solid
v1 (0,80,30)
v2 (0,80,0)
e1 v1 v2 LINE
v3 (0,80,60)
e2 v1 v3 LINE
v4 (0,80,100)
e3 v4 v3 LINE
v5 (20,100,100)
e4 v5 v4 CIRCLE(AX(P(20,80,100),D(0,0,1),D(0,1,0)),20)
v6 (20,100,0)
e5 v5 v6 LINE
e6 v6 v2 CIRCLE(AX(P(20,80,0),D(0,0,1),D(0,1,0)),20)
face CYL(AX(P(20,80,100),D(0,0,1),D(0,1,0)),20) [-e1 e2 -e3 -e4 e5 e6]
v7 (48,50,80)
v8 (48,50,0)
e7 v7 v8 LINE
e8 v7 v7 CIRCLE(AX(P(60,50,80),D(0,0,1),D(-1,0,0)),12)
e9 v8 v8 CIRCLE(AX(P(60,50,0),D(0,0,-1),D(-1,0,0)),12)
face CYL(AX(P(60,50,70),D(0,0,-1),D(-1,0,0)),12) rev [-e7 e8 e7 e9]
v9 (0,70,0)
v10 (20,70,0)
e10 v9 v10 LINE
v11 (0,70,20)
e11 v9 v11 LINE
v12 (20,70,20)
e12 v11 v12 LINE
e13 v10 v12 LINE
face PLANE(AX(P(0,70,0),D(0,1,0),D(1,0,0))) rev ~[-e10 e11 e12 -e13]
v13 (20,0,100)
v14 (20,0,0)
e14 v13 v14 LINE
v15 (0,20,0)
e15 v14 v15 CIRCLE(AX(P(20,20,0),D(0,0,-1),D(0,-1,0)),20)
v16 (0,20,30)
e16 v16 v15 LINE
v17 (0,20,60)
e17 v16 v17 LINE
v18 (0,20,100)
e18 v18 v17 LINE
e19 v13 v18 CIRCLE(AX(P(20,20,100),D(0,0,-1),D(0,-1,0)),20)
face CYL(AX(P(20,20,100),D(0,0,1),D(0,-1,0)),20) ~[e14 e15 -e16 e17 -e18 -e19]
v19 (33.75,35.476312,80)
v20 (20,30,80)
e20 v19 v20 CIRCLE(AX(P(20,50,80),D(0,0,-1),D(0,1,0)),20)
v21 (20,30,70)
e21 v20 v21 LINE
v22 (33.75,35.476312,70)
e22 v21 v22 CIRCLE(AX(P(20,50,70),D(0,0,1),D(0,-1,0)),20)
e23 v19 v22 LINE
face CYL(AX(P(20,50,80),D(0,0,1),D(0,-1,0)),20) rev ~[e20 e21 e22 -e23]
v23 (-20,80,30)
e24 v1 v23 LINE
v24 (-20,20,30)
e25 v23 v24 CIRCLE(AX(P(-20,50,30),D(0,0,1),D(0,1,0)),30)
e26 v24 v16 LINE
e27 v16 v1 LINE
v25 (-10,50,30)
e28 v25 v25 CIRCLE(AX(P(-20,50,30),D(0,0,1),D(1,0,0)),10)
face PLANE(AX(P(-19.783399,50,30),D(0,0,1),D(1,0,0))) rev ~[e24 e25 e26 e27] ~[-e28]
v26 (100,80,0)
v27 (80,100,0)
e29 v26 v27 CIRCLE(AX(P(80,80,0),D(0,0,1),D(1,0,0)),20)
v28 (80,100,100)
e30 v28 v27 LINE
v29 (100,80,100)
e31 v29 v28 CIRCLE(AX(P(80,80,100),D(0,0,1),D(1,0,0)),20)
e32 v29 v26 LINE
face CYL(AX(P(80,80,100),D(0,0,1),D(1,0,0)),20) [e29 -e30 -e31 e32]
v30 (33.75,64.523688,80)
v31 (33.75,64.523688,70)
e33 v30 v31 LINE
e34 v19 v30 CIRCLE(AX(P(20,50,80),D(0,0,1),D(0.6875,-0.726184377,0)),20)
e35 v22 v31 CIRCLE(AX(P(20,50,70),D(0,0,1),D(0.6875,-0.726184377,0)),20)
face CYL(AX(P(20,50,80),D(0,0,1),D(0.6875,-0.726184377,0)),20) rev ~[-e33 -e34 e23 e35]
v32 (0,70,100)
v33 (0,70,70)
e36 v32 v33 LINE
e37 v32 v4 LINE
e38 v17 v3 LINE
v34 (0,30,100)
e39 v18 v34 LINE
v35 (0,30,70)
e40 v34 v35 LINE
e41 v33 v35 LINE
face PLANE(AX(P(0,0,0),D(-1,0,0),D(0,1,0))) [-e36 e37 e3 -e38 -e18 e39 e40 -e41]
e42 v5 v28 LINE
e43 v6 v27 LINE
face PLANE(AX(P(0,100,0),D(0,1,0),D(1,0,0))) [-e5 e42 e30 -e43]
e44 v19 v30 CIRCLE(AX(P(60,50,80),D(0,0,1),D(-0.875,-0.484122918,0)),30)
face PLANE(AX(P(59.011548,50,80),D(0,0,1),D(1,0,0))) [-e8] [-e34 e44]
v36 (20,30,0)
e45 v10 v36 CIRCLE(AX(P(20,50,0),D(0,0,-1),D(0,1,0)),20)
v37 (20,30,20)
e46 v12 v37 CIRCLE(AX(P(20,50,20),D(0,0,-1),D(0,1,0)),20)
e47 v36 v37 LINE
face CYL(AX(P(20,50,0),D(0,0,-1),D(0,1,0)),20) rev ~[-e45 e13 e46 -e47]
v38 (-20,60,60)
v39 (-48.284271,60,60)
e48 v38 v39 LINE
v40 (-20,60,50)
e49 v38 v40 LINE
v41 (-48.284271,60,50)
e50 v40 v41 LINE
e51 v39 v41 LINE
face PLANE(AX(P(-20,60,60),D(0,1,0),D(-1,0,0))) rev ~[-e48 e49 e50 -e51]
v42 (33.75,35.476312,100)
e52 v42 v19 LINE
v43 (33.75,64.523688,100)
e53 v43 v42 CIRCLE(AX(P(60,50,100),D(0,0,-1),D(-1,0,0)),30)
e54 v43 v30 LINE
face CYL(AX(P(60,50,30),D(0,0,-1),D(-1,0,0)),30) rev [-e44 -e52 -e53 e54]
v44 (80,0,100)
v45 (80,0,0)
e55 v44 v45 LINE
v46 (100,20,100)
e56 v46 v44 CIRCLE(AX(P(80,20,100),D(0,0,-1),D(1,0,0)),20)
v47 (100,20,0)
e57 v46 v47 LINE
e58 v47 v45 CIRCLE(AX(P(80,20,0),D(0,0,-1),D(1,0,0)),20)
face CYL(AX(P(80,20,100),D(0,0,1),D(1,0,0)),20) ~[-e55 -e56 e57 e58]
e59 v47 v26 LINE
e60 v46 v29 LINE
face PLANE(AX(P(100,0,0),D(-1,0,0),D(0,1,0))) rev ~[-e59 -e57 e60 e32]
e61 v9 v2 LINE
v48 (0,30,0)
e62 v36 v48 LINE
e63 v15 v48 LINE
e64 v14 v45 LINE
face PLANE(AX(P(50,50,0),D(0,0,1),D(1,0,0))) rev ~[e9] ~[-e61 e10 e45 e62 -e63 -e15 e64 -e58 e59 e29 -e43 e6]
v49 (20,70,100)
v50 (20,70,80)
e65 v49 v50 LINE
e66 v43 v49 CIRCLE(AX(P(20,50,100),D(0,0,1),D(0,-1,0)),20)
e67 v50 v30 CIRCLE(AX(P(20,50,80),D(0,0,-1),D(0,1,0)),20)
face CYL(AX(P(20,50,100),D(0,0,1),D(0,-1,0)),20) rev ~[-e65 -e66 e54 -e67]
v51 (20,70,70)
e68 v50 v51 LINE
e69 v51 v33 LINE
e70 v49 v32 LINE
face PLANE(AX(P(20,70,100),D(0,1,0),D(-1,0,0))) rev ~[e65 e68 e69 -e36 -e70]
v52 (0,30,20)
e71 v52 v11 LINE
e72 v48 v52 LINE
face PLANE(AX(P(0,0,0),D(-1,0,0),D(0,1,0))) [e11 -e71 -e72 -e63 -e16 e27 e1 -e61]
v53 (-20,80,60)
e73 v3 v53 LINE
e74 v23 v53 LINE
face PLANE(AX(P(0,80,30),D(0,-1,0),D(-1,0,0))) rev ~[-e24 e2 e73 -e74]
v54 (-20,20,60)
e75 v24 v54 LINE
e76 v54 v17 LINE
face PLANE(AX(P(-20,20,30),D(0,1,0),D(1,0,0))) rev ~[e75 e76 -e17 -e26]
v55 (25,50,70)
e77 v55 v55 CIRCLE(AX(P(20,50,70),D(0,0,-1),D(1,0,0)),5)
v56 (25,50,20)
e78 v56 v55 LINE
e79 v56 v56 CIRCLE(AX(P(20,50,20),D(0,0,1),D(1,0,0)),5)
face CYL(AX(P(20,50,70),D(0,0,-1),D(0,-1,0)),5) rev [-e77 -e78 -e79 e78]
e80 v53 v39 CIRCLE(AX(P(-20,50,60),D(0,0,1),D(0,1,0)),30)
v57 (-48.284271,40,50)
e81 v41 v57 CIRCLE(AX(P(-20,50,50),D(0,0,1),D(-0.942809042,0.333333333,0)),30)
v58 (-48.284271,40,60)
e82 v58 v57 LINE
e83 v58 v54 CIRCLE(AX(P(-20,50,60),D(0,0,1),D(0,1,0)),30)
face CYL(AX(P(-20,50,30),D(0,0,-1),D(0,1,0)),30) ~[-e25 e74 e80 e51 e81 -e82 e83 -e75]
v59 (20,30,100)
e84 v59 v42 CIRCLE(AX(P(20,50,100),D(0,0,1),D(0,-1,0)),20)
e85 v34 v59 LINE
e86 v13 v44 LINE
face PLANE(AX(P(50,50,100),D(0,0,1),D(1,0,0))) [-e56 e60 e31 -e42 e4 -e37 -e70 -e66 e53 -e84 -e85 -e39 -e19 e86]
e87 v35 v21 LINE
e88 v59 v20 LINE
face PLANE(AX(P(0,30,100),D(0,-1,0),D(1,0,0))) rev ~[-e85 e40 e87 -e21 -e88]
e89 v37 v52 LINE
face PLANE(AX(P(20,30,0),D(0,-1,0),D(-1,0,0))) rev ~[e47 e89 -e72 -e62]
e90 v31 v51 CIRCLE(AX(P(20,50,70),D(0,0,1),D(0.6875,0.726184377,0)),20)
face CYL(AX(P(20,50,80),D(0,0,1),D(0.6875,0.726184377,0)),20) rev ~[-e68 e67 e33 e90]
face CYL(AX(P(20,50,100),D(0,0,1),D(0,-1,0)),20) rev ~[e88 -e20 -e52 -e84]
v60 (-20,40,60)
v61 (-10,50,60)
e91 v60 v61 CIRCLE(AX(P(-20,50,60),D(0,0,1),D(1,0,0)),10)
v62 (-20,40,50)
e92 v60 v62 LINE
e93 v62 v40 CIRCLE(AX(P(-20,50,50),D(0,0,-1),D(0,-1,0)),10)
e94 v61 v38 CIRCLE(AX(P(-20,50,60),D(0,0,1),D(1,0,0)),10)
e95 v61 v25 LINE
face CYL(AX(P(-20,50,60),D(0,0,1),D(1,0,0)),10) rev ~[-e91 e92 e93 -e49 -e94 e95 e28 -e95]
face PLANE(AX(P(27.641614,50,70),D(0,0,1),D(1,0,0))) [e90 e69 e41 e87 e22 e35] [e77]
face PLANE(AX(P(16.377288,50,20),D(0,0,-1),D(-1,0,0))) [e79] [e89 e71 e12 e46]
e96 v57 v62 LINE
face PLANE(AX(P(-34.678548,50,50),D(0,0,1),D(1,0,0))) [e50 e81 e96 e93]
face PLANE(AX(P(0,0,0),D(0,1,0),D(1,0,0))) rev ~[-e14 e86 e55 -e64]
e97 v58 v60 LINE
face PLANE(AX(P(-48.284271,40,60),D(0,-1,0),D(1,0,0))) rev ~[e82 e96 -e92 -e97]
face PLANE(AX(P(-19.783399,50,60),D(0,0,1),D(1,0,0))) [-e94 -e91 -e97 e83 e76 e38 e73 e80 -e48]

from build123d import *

# Parameters (mm, degrees)
SKETCH1_W           = 100
SKETCH1_H           = 100
BOSS_EXTRUDE1_DEPTH = 100
CUT_EXTRUDE1_DEPTH  = 100
SKETCH3_R           = 12
CUT_EXTRUDE2_DEPTH  = 80
SKETCH5_R           = 5
CUT_EXTRUDE3_DEPTH  = 50
BOSS_EXTRUDE2_DEPTH = 30
SKETCH8_R           = 10
CUT_EXTRUDE4_DEPTH  = 30
CUT_EXTRUDE5_DEPTH  = 10
SKETCH10_R          = 30
CUT_EXTRUDE6_DEPTH  = 96
CUT_EXTRUDE7_DEPTH  = 30
BOSS_EXTRUDE5_DEPTH = 10
SKETCH15_R          = 30
SKETCH15_R_2        = 12
BOSS_EXTRUDE6_DEPTH = 40
SKETCH16_R          = 12
BOSS_EXTRUDE7_DEPTH = 10
CUT_EXTRUDE8_DEPTH  = 10
CUT_EXTRUDE9_DEPTH  = 20


with BuildPart() as part:
    # Sketch1 → Boss-Extrude1 (new body)
    with BuildSketch(Plane.XY):
        with Locations((50, 50)):
            Rectangle(SKETCH1_W, SKETCH1_H)
    extrude(amount=BOSS_EXTRUDE1_DEPTH)

    # Sketch2 → Cut-Extrude1 (cut)
    with BuildSketch(Plane.XY.offset(100)):
        with BuildLine():
            Line((0, 80), (0, 100))
            Line((0, 100), (20, 100))
            ThreePointArc((20, 100), (5.857864376, 94.142135624), (0, 80))
        make_face()
        with BuildLine():
            Line((80, 100), (100, 100))
            Line((100, 100), (100, 80))
            ThreePointArc((100, 80), (94.142135624, 94.142135624), (80, 100))
        make_face()
        with BuildLine():
            Line((80, 0), (100, 0))
            Line((100, 0), (100, 20))
            ThreePointArc((100, 20), (94.142135624, 5.857864376), (80, 0))
        make_face()
        with BuildLine():
            Line((0, 20), (0, 0))
            Line((0, 0), (20, 0))
            ThreePointArc((20, 0), (5.857864376, 5.857864376), (0, 20))
        make_face()
    extrude(amount=-CUT_EXTRUDE1_DEPTH, mode=Mode.SUBTRACT)

    # Sketch3 → Cut-Extrude2 (cut)
    with BuildSketch(Plane(origin=(0, 0, 0), x_dir=(-1, 0, 0), z_dir=(0, 0, -1))):
        with Locations((-60, 50)):
            Circle(SKETCH3_R)
    extrude(amount=-CUT_EXTRUDE2_DEPTH, mode=Mode.SUBTRACT)

    # Sketch5 → Cut-Extrude3 (cut)
    with BuildSketch(Plane.XY.offset(20)):
        with Locations((20, 50)):
            Circle(SKETCH5_R)
    extrude(amount=CUT_EXTRUDE3_DEPTH, mode=Mode.SUBTRACT)

    # Sketch7 → Boss-Extrude2 (add)
    with BuildSketch(Plane.XY.offset(30)):
        with BuildLine():
            Line((0, 80), (-20, 80))
            ThreePointArc((-20, 80), (-50, 50), (-20, 20))
            Line((-20, 20), (0, 20))
            Line((0, 20), (0, 80))
        make_face()
    extrude(amount=BOSS_EXTRUDE2_DEPTH)

    # Sketch8 → Cut-Extrude4 (cut)
    with BuildSketch(Plane.XY.offset(60)):
        with Locations((-20, 50)):
            Circle(SKETCH8_R)
    extrude(amount=-CUT_EXTRUDE4_DEPTH, mode=Mode.SUBTRACT)

    # Sketch9 → Cut-Extrude5 (cut)
    with BuildSketch(Plane.XY.offset(60)):
        with BuildLine():
            Line((-20, 60), (-48.284271247, 60))
            ThreePointArc((-48.284271247, 60), (-50, 50), (-48.284271247, 40))
            Line((-48.284271247, 40), (-20, 40))
            ThreePointArc((-20, 40), (-30, 50), (-20, 60))
        make_face()
    extrude(amount=-CUT_EXTRUDE5_DEPTH, mode=Mode.SUBTRACT)

    # Sketch10 → Cut-Extrude6 (cut)
    with BuildSketch(Plane.XY.offset(30)):
        with Locations(Location((60, 50, 0), (0, 0, 180))):
            Circle(SKETCH10_R)
    extrude(amount=CUT_EXTRUDE6_DEPTH, mode=Mode.SUBTRACT)

    # Sketch11 → Cut-Extrude7 (cut)
    with BuildSketch(Plane.XY.offset(100)):
        with BuildLine():
            Line((20, 70), (0, 70))
            Line((0, 70), (0, 30))
            Line((0, 30), (20, 30))
            ThreePointArc((20, 30), (40, 50), (20, 70))
        make_face()
    extrude(amount=-CUT_EXTRUDE7_DEPTH, mode=Mode.SUBTRACT)

    # Sketch14 → Boss-Extrude5 (add)
    with BuildSketch(Plane.XY.offset(70)):
        with BuildLine():
            Line((20, 55), (20, 70))
            ThreePointArc((20, 70), (40, 50), (20, 30))
            Line((20, 30), (20, 45))
            ThreePointArc((20, 45), (25, 50), (20, 55))
        make_face()
    extrude(amount=BOSS_EXTRUDE5_DEPTH)

    # Sketch15 → Boss-Extrude6 (add)
    with BuildSketch(Plane.XY.offset(30)):
        with Locations((60, 50)):
            Circle(SKETCH15_R)
        with Locations(Location((60, 50, 0), (0, 0, 180))):
            Circle(SKETCH15_R_2, mode=Mode.SUBTRACT)
    extrude(amount=BOSS_EXTRUDE6_DEPTH)

    # Sketch16 → Boss-Extrude7 (add)
    with BuildSketch(Plane.XY.offset(70)):
        with BuildLine():
            ThreePointArc((33.75, 35.476312452), (90, 50), (33.75, 64.523687548))
            ThreePointArc((33.75, 64.523687548), (40, 50), (33.75, 35.476312452))
        make_face()
        with Locations(Location((60, 50, 0), (0, 0, 180))):
            Circle(SKETCH16_R, mode=Mode.SUBTRACT)
    extrude(amount=BOSS_EXTRUDE7_DEPTH)

    # Sketch17 → Cut-Extrude8 (cut)
    with BuildSketch(Plane.XY.offset(80)):
        with BuildLine():
            Line((20, 70), (20, 55))
            ThreePointArc((20, 55), (25, 50), (20, 45))
            Line((20, 45), (20, 30))
            ThreePointArc((20, 30), (27.400211113, 31.419448999), (33.75, 35.476312452))
            ThreePointArc((33.75, 35.476312452), (40, 50), (33.75, 64.523687548))
            ThreePointArc((33.75, 64.523687548), (27.400211113, 68.580551001), (20, 70))
        make_face()
    extrude(amount=-CUT_EXTRUDE8_DEPTH, mode=Mode.SUBTRACT)

    # Sketch18 → Cut-Extrude9 (cut)
    with BuildSketch(Plane(origin=(0, 0, 0), x_dir=(-1, 0, 0), z_dir=(0, 0, -1))):
        with BuildLine():
            Line((0, 70), (-20, 70))
            ThreePointArc((-20, 70), (-40, 50), (-20, 30))
            Line((-20, 30), (0, 30))
            Line((0, 30), (0, 70))
        make_face()
    extrude(amount=-CUT_EXTRUDE9_DEPTH, mode=Mode.SUBTRACT)


solid = part.part
